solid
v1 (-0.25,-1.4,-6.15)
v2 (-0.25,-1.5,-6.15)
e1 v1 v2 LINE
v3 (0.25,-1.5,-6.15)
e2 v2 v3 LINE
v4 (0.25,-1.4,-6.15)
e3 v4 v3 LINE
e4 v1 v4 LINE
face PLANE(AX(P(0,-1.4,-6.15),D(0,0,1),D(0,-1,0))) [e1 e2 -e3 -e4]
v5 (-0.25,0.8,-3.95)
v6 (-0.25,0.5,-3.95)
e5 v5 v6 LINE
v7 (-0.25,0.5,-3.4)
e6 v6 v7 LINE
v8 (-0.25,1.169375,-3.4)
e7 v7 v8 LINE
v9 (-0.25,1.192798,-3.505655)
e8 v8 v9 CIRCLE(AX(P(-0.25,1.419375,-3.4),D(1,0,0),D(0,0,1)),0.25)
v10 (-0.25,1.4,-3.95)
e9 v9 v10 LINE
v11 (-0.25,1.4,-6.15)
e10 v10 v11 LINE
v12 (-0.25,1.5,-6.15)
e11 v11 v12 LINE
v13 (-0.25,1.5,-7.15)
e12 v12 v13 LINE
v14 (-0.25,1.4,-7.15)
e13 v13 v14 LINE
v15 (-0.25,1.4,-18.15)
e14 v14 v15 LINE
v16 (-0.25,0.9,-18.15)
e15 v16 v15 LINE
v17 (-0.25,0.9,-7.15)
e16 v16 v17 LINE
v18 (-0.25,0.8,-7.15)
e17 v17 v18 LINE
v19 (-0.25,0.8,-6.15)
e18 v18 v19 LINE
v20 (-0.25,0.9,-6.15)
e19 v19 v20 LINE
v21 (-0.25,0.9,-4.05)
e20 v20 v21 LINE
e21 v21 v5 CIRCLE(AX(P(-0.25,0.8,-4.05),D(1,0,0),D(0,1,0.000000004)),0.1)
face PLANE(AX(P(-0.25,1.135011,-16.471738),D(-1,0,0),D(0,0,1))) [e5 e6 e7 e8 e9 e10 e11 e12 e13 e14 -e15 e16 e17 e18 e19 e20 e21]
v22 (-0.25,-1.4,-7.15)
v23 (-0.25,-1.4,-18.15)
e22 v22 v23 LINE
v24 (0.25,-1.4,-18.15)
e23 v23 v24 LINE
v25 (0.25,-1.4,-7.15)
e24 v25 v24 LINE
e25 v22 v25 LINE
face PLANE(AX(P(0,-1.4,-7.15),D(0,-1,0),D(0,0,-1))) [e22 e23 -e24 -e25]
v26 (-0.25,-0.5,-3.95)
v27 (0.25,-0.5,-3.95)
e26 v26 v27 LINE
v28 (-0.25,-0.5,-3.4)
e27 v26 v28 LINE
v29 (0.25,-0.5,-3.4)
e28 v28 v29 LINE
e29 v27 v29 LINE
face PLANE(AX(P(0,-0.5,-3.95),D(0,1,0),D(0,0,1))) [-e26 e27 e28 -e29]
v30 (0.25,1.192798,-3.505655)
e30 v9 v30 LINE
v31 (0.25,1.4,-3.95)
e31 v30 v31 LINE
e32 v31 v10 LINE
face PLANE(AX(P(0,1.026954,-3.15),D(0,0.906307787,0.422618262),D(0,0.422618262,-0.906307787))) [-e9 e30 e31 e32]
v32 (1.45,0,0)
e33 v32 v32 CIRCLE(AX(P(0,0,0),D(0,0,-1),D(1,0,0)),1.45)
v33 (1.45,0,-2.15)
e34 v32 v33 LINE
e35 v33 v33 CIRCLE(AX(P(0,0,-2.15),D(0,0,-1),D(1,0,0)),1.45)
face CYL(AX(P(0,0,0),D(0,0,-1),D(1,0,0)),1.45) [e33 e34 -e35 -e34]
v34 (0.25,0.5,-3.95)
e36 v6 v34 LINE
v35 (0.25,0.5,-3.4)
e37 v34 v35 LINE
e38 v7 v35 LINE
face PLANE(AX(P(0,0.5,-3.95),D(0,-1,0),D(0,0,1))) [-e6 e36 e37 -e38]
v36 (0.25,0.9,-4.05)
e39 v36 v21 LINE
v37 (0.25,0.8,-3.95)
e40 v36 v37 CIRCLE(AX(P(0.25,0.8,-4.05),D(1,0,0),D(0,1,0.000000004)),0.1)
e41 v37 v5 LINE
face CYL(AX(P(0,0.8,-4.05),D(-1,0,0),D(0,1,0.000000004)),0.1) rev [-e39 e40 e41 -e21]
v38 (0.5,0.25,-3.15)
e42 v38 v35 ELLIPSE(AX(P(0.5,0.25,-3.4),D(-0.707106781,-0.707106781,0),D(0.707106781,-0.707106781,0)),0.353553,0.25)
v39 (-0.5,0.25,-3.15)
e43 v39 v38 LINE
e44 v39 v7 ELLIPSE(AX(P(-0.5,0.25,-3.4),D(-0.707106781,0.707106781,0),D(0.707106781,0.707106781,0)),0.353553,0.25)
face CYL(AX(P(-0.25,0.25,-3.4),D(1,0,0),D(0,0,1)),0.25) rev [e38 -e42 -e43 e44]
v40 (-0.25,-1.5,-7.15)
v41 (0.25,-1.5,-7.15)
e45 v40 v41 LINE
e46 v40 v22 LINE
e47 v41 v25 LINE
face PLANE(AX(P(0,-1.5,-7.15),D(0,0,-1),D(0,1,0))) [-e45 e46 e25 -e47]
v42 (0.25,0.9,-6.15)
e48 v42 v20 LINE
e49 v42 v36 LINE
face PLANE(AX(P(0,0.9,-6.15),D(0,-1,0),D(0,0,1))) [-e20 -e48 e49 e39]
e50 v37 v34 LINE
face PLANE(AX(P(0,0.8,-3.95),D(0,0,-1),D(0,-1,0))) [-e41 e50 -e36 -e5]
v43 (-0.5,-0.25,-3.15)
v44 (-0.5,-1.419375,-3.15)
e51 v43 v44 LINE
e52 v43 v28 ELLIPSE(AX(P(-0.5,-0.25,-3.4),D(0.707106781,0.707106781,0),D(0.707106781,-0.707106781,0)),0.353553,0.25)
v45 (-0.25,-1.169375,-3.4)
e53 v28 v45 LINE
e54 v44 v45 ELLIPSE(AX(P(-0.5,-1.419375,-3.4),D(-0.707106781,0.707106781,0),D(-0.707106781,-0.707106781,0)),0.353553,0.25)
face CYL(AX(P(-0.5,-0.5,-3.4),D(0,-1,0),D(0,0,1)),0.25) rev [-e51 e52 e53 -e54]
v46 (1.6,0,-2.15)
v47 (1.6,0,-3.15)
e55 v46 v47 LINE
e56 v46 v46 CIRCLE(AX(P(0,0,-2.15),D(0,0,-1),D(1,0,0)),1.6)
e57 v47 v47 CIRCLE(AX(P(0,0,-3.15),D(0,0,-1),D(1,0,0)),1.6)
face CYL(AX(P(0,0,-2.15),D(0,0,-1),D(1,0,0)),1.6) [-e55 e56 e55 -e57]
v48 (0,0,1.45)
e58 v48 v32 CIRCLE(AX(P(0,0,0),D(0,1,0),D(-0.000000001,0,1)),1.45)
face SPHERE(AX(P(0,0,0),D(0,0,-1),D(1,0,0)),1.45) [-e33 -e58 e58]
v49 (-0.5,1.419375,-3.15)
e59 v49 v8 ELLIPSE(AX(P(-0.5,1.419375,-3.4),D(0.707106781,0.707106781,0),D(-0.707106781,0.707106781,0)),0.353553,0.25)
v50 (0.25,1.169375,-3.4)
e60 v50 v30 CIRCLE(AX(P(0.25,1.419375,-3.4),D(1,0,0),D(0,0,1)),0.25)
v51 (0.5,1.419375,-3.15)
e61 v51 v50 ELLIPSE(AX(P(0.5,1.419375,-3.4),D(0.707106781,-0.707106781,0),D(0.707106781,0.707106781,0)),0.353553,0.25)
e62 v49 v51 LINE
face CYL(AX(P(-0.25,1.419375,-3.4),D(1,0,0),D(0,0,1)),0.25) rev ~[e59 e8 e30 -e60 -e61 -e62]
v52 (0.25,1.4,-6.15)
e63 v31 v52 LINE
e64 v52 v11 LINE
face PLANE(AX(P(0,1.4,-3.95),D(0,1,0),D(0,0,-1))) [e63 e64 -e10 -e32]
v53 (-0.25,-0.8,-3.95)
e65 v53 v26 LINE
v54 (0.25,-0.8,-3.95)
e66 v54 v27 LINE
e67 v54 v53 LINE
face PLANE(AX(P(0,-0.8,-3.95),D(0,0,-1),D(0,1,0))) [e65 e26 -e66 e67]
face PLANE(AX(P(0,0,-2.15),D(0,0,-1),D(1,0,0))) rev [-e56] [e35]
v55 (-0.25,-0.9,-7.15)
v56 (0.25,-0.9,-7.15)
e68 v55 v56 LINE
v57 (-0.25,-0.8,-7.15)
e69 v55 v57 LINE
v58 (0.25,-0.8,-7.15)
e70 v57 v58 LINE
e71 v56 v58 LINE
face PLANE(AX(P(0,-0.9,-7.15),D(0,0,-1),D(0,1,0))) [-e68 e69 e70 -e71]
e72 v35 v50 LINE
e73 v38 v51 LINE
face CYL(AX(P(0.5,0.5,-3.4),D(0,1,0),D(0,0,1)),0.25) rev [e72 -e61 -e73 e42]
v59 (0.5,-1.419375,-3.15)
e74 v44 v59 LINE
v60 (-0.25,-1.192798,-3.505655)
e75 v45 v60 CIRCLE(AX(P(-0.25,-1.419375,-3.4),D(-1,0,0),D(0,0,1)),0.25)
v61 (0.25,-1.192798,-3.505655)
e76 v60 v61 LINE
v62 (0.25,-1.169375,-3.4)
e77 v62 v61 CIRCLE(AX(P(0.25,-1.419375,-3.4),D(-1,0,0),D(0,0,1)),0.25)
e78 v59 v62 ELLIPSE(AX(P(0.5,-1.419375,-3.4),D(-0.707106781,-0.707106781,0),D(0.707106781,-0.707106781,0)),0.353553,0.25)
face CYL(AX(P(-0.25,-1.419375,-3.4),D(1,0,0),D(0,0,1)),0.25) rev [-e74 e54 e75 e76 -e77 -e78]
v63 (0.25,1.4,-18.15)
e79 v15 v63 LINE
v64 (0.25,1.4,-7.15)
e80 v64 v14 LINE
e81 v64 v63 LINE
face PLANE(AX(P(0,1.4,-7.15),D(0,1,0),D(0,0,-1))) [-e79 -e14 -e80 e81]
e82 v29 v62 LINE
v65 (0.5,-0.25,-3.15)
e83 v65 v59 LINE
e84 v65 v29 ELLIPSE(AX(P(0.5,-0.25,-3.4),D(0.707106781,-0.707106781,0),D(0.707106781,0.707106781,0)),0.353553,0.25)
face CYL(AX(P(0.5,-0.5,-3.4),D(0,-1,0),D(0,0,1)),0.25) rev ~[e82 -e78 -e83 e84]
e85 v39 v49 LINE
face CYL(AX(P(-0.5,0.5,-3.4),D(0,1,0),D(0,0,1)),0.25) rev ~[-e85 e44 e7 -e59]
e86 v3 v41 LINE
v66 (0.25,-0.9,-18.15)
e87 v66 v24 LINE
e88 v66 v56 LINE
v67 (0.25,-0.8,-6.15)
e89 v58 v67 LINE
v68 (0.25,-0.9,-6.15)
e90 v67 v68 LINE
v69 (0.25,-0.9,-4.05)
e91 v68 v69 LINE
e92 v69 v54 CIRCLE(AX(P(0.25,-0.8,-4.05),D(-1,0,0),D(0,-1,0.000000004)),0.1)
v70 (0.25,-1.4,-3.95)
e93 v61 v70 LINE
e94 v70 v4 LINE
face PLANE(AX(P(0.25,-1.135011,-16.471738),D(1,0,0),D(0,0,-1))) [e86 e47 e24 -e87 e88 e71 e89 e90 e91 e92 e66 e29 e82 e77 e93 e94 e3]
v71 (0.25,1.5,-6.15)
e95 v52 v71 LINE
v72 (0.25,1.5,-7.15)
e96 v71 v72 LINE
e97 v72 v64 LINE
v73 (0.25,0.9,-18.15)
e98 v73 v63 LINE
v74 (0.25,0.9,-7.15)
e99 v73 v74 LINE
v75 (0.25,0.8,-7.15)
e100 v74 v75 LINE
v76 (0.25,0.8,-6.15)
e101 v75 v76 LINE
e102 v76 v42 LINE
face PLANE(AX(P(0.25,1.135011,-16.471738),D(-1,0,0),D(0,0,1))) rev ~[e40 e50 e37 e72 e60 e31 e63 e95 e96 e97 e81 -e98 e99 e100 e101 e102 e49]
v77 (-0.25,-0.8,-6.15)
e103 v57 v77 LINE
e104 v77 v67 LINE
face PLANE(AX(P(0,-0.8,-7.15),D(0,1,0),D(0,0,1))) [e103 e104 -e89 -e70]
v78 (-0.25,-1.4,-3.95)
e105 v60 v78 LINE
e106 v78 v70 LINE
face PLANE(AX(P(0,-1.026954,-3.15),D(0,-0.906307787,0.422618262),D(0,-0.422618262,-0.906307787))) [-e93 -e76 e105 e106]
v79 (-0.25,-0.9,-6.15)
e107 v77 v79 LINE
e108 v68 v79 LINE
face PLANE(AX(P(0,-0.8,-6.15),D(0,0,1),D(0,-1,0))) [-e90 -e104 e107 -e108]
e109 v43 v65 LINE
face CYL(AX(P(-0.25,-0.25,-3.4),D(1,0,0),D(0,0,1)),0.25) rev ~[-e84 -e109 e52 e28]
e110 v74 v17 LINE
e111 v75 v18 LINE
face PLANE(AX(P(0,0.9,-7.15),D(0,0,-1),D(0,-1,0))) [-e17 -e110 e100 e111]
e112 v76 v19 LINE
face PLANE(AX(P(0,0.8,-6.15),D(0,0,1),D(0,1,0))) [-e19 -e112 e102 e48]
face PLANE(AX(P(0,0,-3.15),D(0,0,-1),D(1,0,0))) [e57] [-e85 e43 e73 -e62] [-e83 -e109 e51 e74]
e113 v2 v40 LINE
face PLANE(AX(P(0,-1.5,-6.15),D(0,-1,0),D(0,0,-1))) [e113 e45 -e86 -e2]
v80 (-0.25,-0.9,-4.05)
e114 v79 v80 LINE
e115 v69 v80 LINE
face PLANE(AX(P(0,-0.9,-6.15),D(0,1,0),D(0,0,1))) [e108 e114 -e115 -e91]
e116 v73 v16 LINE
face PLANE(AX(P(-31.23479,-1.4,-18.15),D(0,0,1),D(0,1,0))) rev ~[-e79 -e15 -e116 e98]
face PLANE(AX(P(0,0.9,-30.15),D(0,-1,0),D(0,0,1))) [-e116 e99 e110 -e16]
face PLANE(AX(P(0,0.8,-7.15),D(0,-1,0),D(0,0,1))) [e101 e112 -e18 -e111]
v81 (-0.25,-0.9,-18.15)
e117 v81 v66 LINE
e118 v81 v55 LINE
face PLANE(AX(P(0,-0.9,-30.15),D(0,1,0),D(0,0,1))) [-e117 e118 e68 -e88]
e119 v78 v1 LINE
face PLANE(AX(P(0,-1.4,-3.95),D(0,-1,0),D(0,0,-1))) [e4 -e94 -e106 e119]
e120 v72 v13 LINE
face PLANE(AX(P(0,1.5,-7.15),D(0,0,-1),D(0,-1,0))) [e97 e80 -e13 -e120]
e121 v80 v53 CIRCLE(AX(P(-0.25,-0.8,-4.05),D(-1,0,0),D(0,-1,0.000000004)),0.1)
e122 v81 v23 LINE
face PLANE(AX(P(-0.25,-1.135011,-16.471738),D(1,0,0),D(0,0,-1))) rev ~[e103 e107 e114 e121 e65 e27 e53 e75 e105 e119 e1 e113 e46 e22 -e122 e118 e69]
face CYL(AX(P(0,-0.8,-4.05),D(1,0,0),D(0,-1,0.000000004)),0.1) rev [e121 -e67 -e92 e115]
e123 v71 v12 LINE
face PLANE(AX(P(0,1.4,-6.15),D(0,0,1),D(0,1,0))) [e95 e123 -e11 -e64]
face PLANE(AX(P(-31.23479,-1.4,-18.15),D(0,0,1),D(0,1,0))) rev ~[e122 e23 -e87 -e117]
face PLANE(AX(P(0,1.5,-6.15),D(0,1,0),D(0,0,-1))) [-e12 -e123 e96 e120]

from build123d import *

# Parameters (mm, degrees)
EXTRUDE1_DEPTH          = 0.25
FILLET1_R               = 0.25
CUT_EXTRUDE1_DEPTH      = 31.234789562
CUT_EXTRUDE1_DEPTH_BACK = 31.234789562
SKETCH3_W               = 12
SKETCH3_H               = 2.8


with BuildPart() as part:
    # Sketch1 → Revolve1 (revolve)
    with BuildSketch(Plane(origin=(0, 0, 0), x_dir=(0, 0, -1), z_dir=(1, 0, 0)), mode=Mode.PRIVATE) as revolve1_sk:
        with BuildLine():
            Line((0, 1.45), (2.15, 1.45))
            Line((2.15, 1.45), (2.15, 1.599999975))
            Line((2.15, 1.599999975), (3.15, 1.599999975))
            Line((3.15, 1.599999975), (3.15, 0))
            Line((3.15, 0), (-1.45, 0))
            ThreePointArc((-1.45, 0), (-1.025304833, 1.025304833), (0, 1.45))
        make_face()
    revolve(revolve1_sk.sketch.rotate(Axis((0, 0, 0), (0, 0, -1)), 90), axis=Axis((0, 0, 0), (0, 0, -1)))

    # Sketch2 → Extrude1 (add, symmetric)
    with BuildSketch(Plane(origin=(0, 0, 0), x_dir=(0, 0, -1), z_dir=(1, 0, 0))):
        with BuildLine():
            Line((3.15, 1.026953873), (3.95, 1.4))
            Line((3.95, 1.4), (6.15, 1.4))
            Line((6.15, 1.4), (6.15, 1.5))
            Line((6.15, 1.5), (7.15, 1.5))
            Line((7.15, 1.5), (7.15, 1.4))
            Line((7.15, 1.4), (30.15, 1.4))
            Line((30.15, 1.4), (30.15, 0.9))
            Line((30.15, 0.9), (7.15, 0.9))
            Line((7.15, 0.9), (7.15, 0.8))
            Line((7.15, 0.8), (6.15, 0.8))
            Line((6.15, 0.8), (6.15, 0.9))
            Line((6.15, 0.9), (4.05, 0.9))
            ThreePointArc((4.05, 0.9), (3.979289322, 0.870710678), (3.95, 0.8))
            Line((3.95, 0.8), (3.95, 0.5))
            Line((3.95, 0.5), (3.15, 0.5))
            Line((3.15, 0.5), (3.15, 1.026953873))
        make_face()
        with BuildLine():
            Line((3.95, -0.8), (3.95, -0.5))
            Line((3.95, -0.5), (3.15, -0.5))
            Line((3.15, -0.5), (3.15, -1.026953873))
            Line((3.15, -1.026953873), (3.95, -1.4))
            Line((3.95, -1.4), (6.15, -1.4))
            Line((6.15, -1.4), (6.15, -1.5))
            Line((6.15, -1.5), (7.15, -1.5))
            Line((7.15, -1.5), (7.15, -1.4))
            Line((7.15, -1.4), (30.15, -1.4))
            Line((30.15, -1.4), (30.15, -0.9))
            Line((30.15, -0.9), (7.15, -0.9))
            Line((7.15, -0.9), (7.15, -0.8))
            Line((7.15, -0.8), (6.15, -0.8))
            Line((6.15, -0.8), (6.15, -0.9))
            Line((6.15, -0.9), (4.05, -0.9))
            ThreePointArc((4.05, -0.9), (3.979289322, -0.870710678), (3.95, -0.8))
        make_face()
    extrude(amount=EXTRUDE1_DEPTH, both=True)

    # Fillet1
    fillet1_edges = [part.edges().sort_by_distance(p)[0] for p in [
        (-0.25, 0.763476937, -3.15),
        (0, 1.026953873, -3.15),
        (0, 0.5, -3.15),
        (0.25, 0.763476937, -3.15),
        (-0.25, -0.763476937, -3.15),
        (0, -0.5, -3.15),
        (0, -1.026953873, -3.15),
        (0.25, -0.763476937, -3.15),
    ]]
    fillet(fillet1_edges, radius=FILLET1_R)

    # Sketch3 → Cut-Extrude1 (cut, two sides: drawn at the far end of the back side and taken through both)
    with BuildSketch(Plane(origin=(0, 0, 0), x_dir=(0, 0, -1), z_dir=(1, 0, 0)).offset(-CUT_EXTRUDE1_DEPTH_BACK)):
        with Locations((24.15, 0)):
            Rectangle(SKETCH3_W, SKETCH3_H)
    extrude(amount=CUT_EXTRUDE1_DEPTH + CUT_EXTRUDE1_DEPTH_BACK, mode=Mode.SUBTRACT)


solid = part.part
